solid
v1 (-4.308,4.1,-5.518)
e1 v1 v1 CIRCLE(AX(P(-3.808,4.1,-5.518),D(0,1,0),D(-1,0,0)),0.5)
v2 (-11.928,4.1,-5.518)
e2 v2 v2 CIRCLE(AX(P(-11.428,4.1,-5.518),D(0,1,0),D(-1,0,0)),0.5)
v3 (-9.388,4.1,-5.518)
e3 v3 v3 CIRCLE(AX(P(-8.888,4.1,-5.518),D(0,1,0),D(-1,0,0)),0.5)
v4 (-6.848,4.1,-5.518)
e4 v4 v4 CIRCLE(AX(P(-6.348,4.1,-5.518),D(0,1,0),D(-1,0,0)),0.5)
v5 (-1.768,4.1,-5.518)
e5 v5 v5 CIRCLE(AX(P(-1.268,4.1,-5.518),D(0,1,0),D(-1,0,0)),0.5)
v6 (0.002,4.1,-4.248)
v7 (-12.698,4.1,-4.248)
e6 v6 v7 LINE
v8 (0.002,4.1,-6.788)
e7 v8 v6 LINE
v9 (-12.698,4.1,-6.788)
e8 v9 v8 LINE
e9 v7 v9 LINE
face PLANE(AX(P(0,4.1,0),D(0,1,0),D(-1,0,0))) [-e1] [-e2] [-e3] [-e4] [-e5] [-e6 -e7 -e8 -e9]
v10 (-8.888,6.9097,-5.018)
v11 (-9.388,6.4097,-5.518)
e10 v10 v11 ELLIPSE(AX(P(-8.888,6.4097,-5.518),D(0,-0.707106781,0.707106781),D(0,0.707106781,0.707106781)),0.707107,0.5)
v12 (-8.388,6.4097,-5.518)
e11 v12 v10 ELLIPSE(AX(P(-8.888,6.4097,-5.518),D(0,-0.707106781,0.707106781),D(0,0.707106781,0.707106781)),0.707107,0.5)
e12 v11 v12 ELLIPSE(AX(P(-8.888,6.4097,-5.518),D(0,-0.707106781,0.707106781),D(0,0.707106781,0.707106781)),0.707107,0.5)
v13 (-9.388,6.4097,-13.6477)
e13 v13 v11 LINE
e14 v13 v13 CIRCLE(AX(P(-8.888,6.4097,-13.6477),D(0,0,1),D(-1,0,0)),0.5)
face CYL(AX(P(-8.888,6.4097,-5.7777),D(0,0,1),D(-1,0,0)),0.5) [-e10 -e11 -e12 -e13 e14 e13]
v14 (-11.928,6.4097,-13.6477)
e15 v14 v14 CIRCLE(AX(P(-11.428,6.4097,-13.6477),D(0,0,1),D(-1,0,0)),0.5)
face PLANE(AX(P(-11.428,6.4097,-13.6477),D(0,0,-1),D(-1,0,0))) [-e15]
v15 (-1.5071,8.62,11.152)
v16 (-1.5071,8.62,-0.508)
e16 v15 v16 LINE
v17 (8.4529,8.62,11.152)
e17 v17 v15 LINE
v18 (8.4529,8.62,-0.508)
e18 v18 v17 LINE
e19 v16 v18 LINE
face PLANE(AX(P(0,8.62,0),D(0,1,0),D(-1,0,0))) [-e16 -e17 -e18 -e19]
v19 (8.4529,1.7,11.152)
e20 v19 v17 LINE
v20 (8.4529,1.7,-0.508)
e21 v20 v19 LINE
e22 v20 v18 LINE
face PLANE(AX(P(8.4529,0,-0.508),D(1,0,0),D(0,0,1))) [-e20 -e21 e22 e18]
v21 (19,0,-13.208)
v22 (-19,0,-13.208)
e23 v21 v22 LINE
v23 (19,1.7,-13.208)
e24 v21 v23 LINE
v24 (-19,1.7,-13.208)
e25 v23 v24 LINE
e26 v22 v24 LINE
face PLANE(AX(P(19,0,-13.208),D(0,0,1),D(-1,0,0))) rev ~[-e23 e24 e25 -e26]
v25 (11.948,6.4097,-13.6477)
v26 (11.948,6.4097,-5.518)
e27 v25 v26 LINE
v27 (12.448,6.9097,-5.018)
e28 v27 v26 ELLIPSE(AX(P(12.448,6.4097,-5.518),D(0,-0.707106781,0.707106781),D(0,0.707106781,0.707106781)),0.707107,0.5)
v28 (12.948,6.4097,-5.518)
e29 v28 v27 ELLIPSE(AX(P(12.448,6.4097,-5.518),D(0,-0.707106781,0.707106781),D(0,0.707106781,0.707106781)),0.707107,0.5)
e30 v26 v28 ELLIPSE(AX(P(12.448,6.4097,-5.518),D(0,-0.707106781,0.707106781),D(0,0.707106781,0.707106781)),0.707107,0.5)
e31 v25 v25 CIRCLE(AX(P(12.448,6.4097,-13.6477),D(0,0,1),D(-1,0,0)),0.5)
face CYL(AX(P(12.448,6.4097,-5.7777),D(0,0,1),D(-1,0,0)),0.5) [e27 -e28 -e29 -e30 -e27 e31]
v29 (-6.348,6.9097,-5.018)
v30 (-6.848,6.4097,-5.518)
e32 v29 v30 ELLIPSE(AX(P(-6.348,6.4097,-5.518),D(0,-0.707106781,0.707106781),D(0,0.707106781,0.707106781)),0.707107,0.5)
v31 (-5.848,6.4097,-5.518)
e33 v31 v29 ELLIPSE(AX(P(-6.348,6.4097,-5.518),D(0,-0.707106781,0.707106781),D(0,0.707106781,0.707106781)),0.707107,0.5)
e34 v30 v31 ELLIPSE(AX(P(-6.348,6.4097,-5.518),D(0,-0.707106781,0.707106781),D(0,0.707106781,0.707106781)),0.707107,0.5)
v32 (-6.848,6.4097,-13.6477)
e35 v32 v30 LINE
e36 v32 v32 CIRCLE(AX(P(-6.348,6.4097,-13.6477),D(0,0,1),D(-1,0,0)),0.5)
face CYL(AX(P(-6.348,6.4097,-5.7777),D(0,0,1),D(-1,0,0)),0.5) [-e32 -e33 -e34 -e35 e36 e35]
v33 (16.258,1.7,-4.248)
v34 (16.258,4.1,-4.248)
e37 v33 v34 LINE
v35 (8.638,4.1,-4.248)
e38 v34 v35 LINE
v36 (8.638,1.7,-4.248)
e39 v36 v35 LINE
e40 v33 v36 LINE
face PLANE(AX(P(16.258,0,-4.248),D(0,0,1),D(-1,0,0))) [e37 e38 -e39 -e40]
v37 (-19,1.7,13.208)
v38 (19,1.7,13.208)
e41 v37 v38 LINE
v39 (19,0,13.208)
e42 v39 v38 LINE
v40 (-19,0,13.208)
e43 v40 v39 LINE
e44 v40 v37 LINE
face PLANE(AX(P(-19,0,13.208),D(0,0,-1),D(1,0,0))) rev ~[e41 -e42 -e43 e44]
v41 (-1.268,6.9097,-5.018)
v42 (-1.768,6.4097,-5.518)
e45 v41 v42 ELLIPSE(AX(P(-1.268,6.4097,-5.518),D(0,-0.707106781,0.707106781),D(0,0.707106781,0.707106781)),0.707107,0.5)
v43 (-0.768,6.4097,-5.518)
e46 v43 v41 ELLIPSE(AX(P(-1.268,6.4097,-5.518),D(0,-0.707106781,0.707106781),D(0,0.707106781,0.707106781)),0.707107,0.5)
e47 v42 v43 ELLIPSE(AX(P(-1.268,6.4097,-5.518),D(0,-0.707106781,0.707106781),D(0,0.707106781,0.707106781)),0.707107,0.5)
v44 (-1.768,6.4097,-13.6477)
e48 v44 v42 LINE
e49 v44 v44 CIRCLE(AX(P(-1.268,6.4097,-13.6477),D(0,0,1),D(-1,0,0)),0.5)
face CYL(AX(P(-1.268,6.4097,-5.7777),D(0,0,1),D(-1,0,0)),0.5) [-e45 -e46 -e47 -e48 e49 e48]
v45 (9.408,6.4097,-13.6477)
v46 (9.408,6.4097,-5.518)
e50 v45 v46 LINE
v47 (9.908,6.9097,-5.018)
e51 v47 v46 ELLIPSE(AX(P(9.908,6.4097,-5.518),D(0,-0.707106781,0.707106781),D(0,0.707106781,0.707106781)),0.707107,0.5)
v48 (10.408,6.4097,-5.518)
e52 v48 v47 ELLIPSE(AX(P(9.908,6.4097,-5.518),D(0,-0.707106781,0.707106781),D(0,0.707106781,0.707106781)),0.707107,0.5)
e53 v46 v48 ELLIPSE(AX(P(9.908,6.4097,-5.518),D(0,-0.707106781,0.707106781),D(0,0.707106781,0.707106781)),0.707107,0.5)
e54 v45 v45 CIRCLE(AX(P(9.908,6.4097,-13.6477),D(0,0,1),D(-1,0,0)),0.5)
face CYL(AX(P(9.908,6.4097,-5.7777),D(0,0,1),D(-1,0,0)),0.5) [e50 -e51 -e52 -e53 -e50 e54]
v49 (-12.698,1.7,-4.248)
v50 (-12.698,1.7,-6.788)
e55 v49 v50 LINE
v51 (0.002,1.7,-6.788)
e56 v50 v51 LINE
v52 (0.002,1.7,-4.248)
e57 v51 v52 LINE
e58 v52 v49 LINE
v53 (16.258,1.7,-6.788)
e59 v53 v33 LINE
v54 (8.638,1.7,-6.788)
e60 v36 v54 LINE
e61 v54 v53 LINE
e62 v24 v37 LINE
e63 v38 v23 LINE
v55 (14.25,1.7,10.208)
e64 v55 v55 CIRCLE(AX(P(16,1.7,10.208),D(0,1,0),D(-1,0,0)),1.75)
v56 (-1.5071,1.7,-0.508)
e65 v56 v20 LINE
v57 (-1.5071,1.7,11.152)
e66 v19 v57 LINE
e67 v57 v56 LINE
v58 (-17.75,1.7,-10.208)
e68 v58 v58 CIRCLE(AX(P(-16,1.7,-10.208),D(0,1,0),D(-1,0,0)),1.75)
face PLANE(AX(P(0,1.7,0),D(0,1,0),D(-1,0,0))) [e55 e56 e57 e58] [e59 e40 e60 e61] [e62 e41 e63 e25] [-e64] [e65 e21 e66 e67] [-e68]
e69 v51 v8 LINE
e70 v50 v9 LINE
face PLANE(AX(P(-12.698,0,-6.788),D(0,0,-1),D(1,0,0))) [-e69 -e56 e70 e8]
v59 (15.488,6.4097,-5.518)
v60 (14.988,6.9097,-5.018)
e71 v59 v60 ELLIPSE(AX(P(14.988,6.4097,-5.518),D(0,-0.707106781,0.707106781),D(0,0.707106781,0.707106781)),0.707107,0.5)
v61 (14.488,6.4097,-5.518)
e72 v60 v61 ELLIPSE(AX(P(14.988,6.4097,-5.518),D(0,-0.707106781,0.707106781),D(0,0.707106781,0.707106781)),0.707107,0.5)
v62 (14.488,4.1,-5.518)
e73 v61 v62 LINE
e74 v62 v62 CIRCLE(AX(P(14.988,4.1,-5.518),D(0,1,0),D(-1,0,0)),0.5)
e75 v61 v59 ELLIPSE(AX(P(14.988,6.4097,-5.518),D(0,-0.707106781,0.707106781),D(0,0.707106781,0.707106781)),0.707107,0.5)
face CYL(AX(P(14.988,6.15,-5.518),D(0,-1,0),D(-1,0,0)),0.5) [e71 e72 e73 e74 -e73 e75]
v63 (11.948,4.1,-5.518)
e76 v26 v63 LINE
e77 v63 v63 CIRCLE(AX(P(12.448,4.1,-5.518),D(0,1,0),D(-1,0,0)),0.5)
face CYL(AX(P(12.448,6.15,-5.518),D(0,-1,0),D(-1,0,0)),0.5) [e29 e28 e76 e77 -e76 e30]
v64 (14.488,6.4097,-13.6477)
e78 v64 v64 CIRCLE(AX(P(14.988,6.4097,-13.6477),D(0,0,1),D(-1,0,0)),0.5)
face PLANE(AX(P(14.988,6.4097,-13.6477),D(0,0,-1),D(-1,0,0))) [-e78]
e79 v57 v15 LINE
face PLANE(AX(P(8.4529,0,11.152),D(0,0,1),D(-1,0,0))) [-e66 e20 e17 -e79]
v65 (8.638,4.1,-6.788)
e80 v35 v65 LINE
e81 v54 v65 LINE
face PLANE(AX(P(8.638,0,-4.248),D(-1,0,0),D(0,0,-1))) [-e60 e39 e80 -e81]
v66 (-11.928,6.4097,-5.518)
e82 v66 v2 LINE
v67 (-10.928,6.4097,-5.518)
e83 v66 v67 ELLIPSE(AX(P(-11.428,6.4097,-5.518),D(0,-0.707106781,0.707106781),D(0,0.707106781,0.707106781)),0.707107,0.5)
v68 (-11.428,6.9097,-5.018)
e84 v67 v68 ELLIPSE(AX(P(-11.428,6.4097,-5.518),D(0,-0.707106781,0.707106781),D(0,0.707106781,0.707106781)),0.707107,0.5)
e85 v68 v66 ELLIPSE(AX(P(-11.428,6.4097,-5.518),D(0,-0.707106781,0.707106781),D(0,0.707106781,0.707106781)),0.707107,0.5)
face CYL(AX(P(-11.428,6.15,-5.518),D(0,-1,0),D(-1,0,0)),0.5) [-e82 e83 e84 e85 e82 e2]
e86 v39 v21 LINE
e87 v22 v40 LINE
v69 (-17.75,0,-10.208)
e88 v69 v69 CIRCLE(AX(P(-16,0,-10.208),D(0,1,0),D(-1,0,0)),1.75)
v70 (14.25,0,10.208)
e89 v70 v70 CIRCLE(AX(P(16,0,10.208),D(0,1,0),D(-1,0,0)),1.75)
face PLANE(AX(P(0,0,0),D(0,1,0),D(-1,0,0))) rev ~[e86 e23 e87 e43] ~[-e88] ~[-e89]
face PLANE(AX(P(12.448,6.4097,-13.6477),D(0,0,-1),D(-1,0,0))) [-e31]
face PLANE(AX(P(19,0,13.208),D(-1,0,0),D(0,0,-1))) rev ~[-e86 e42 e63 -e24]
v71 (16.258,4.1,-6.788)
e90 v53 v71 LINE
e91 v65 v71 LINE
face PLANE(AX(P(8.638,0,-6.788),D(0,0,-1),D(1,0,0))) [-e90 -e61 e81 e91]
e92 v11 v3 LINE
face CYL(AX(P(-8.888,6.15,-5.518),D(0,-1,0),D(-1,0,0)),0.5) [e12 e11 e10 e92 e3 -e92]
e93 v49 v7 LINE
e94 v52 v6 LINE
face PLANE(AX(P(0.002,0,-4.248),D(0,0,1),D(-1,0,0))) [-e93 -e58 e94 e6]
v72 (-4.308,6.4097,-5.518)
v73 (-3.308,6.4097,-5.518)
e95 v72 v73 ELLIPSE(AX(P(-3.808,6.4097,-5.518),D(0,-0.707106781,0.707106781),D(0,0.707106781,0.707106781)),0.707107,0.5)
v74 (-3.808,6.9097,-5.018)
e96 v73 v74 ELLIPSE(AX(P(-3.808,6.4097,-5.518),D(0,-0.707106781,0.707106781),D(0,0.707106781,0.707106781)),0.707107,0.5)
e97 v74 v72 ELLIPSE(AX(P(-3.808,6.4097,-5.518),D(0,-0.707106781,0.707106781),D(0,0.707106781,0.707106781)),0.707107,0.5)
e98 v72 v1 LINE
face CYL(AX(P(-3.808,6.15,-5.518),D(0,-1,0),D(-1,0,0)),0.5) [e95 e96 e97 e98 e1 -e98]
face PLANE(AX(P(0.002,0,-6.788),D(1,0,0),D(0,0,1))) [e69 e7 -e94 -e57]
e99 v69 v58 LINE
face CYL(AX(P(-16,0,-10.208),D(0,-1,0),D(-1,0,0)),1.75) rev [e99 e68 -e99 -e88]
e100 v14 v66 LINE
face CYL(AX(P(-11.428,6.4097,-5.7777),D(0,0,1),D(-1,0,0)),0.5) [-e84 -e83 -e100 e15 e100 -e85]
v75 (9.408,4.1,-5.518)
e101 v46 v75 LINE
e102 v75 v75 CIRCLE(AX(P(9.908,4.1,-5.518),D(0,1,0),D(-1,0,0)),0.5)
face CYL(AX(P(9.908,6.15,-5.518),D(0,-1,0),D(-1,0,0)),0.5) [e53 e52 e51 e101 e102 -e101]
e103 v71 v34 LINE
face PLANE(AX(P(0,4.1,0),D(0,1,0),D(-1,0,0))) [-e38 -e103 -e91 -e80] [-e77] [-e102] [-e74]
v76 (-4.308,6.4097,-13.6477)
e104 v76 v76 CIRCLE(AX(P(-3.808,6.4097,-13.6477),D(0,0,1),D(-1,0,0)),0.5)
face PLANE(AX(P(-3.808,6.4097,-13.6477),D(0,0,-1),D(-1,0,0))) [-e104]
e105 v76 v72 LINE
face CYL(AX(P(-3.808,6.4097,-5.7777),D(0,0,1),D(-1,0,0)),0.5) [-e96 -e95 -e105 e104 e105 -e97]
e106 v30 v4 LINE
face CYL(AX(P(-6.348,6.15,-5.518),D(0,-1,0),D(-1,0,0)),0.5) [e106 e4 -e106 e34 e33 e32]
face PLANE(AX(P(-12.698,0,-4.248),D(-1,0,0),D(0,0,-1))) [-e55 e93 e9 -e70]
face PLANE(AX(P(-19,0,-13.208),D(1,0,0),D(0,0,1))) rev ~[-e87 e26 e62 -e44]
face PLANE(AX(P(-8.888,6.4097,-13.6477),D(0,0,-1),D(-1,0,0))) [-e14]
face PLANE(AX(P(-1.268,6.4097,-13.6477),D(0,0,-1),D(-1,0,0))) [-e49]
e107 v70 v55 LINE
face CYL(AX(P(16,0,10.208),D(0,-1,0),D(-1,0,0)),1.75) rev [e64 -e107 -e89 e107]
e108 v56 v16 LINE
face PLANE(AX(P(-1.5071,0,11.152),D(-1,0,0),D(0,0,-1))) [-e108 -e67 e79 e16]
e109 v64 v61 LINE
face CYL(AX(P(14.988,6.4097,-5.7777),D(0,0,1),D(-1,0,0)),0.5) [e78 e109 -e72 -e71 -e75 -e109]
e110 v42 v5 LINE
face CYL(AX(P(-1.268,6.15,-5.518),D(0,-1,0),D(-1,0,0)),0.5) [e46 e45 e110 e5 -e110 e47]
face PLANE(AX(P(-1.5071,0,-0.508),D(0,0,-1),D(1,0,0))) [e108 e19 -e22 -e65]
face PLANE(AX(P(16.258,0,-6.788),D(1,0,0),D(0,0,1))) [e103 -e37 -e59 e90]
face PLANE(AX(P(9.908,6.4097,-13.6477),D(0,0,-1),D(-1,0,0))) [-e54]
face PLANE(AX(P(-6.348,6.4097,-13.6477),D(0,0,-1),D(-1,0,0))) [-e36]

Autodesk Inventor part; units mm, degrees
ref_plane "YZ Plane" through (0, 0, 0) normal (1, 0, 0) x (0, 1, 0)
ref_plane "XZ Plane" through (0, 0, 0) normal (0, 1, 0) x (-1, 0, 0)
ref_plane "XY Plane" through (0, 0, 0) normal (0, 0, 1) x (1, 0, 0)
sketch "Sketch1" plane through (0, 0, 0) normal (0, 1, 0) x (-1, 0, 0)
  line L0 (19, 13.208) -> (-19, 13.208)
  line L1 (-19, 13.208) -> (-19, -13.208)
  line L2 (-19, -13.208) -> (19, -13.208)
  line L3 (19, -13.208) -> (19, 13.208)
  line L4 (19, 13.208) -> (-19, -13.208) construction
  line L5 (-19, 13.208) -> (19, -13.208) construction
  circle A0 centre (16, -10.208) radius 1.75
  circle A1 centre (-16, 10.208) radius 1.75
  circle A2 centre (11.428, -5.518) radius 0.5
  circle A3 centre (8.888, -5.518) radius 0.5
  circle A4 centre (6.348, -5.518) radius 0.5
  circle A5 centre (3.808, -5.518) radius 0.5
  circle A6 centre (1.268, -5.518) radius 0.5
  line L6 (12.698, -6.788) -> (-0.002, -6.788)
  line L7 (-0.002, -6.788) -> (-0.002, -4.248)
  line L8 (-0.002, -4.248) -> (12.698, -4.248)
  line L9 (12.698, -4.248) -> (12.698, -6.788)
  circle A7 centre (-9.908, -5.518) radius 0.5
  circle A8 centre (-12.448, -5.518) radius 0.5
  circle A9 centre (-14.988, -5.518) radius 0.5
  line L10 (-8.638, -6.788) -> (-16.258, -6.788)
  line L11 (-16.258, -6.788) -> (-16.258, -4.248)
  line L12 (-16.258, -4.248) -> (-8.638, -4.248)
  line L13 (-8.638, -4.248) -> (-8.638, -6.788)
  line L14 (1.5071, -0.508) -> (-8.4529, -0.508)
  line L15 (-8.4529, -0.508) -> (-8.4529, 11.152)
  line L16 (-8.4529, 11.152) -> (1.5071, 11.152)
  line L17 (1.5071, 11.152) -> (1.5071, -0.508)
  point P0 (0, 0)
  dimension "d0" = 38
  dimension "d1" = 26.416
  dimension "d2" = 3.5
  dimension "d3" = 3.5
  dimension "d4" = 3
  dimension "d5" = 3
  dimension "d6" = 3
  dimension "d7" = 3
  dimension "d8" = 1
  dimension "d9" = 4.572
  dimension "d10" = 4.69
  dimension "d13" = 2.54
  dimension "d18" = 1.27
  dimension "d19" = 1.27
  dimension "d20" = 1.27
  dimension "d21" = 1.27
  dimension "d22" = 1
  dimension "d23" = 11.176
  dimension "d26" = 2.54
  dimension "d31" = 1.27
  dimension "d33" = 1.27
  dimension "d34" = 9.96
  dimension "d35" = 11.66
  dimension "d36" = 3.74
extrude "Extrusion1" add sketch "Sketch1" along normal blind 1.7 contours L3 L2 L1 L0
extrude "Extrusion2" add sketch "Sketch1" along normal blind 8.62 contours L14 L15 L16 L17
extrude "Extrusion3" add sketch "Sketch1" along normal blind 4.1 contours L6 L7 L8 L9 | L10 L11 L12 L13
sketch "Sketch2" plane through (19, 0, 13.208) normal (1, 0, 0) x (0, 0, -1)
  line L0 (18.9857, 6.15) -> (26.8557, 6.15)
  line L1 (0, 0) -> (26.416, 0) projected
  line L2 (18.9857, 6.15) -> (18.9857, 0)
  point P0 (13.208, 0)
  dimension "d43" = 6.15
  dimension "d44" = 7.87
sweep "Sweep1" add profiles "Sketch1" path "Sketch2" path curves L2 L0 contours A2 | A3 | A4 | A5 | A6 | A7 | A8 | A9
sketch "Sketch3" plane through (0, 1.7, 0) normal (0, 1, 0) x (1, 0, 0)
  line L0 (-13.5449, 4.016) -> (19.3166, 4.016) construction
  line L1 (19.3166, 4.016) -> (19.3166, 0.2862) construction
  line L2 (19.3166, 0.2862) -> (-13.5449, 0.2862) construction
  line L3 (-13.5449, 0.2862) -> (-13.5449, 4.016) construction
  point P0 (0, 0)
properties part number "modestmard"
